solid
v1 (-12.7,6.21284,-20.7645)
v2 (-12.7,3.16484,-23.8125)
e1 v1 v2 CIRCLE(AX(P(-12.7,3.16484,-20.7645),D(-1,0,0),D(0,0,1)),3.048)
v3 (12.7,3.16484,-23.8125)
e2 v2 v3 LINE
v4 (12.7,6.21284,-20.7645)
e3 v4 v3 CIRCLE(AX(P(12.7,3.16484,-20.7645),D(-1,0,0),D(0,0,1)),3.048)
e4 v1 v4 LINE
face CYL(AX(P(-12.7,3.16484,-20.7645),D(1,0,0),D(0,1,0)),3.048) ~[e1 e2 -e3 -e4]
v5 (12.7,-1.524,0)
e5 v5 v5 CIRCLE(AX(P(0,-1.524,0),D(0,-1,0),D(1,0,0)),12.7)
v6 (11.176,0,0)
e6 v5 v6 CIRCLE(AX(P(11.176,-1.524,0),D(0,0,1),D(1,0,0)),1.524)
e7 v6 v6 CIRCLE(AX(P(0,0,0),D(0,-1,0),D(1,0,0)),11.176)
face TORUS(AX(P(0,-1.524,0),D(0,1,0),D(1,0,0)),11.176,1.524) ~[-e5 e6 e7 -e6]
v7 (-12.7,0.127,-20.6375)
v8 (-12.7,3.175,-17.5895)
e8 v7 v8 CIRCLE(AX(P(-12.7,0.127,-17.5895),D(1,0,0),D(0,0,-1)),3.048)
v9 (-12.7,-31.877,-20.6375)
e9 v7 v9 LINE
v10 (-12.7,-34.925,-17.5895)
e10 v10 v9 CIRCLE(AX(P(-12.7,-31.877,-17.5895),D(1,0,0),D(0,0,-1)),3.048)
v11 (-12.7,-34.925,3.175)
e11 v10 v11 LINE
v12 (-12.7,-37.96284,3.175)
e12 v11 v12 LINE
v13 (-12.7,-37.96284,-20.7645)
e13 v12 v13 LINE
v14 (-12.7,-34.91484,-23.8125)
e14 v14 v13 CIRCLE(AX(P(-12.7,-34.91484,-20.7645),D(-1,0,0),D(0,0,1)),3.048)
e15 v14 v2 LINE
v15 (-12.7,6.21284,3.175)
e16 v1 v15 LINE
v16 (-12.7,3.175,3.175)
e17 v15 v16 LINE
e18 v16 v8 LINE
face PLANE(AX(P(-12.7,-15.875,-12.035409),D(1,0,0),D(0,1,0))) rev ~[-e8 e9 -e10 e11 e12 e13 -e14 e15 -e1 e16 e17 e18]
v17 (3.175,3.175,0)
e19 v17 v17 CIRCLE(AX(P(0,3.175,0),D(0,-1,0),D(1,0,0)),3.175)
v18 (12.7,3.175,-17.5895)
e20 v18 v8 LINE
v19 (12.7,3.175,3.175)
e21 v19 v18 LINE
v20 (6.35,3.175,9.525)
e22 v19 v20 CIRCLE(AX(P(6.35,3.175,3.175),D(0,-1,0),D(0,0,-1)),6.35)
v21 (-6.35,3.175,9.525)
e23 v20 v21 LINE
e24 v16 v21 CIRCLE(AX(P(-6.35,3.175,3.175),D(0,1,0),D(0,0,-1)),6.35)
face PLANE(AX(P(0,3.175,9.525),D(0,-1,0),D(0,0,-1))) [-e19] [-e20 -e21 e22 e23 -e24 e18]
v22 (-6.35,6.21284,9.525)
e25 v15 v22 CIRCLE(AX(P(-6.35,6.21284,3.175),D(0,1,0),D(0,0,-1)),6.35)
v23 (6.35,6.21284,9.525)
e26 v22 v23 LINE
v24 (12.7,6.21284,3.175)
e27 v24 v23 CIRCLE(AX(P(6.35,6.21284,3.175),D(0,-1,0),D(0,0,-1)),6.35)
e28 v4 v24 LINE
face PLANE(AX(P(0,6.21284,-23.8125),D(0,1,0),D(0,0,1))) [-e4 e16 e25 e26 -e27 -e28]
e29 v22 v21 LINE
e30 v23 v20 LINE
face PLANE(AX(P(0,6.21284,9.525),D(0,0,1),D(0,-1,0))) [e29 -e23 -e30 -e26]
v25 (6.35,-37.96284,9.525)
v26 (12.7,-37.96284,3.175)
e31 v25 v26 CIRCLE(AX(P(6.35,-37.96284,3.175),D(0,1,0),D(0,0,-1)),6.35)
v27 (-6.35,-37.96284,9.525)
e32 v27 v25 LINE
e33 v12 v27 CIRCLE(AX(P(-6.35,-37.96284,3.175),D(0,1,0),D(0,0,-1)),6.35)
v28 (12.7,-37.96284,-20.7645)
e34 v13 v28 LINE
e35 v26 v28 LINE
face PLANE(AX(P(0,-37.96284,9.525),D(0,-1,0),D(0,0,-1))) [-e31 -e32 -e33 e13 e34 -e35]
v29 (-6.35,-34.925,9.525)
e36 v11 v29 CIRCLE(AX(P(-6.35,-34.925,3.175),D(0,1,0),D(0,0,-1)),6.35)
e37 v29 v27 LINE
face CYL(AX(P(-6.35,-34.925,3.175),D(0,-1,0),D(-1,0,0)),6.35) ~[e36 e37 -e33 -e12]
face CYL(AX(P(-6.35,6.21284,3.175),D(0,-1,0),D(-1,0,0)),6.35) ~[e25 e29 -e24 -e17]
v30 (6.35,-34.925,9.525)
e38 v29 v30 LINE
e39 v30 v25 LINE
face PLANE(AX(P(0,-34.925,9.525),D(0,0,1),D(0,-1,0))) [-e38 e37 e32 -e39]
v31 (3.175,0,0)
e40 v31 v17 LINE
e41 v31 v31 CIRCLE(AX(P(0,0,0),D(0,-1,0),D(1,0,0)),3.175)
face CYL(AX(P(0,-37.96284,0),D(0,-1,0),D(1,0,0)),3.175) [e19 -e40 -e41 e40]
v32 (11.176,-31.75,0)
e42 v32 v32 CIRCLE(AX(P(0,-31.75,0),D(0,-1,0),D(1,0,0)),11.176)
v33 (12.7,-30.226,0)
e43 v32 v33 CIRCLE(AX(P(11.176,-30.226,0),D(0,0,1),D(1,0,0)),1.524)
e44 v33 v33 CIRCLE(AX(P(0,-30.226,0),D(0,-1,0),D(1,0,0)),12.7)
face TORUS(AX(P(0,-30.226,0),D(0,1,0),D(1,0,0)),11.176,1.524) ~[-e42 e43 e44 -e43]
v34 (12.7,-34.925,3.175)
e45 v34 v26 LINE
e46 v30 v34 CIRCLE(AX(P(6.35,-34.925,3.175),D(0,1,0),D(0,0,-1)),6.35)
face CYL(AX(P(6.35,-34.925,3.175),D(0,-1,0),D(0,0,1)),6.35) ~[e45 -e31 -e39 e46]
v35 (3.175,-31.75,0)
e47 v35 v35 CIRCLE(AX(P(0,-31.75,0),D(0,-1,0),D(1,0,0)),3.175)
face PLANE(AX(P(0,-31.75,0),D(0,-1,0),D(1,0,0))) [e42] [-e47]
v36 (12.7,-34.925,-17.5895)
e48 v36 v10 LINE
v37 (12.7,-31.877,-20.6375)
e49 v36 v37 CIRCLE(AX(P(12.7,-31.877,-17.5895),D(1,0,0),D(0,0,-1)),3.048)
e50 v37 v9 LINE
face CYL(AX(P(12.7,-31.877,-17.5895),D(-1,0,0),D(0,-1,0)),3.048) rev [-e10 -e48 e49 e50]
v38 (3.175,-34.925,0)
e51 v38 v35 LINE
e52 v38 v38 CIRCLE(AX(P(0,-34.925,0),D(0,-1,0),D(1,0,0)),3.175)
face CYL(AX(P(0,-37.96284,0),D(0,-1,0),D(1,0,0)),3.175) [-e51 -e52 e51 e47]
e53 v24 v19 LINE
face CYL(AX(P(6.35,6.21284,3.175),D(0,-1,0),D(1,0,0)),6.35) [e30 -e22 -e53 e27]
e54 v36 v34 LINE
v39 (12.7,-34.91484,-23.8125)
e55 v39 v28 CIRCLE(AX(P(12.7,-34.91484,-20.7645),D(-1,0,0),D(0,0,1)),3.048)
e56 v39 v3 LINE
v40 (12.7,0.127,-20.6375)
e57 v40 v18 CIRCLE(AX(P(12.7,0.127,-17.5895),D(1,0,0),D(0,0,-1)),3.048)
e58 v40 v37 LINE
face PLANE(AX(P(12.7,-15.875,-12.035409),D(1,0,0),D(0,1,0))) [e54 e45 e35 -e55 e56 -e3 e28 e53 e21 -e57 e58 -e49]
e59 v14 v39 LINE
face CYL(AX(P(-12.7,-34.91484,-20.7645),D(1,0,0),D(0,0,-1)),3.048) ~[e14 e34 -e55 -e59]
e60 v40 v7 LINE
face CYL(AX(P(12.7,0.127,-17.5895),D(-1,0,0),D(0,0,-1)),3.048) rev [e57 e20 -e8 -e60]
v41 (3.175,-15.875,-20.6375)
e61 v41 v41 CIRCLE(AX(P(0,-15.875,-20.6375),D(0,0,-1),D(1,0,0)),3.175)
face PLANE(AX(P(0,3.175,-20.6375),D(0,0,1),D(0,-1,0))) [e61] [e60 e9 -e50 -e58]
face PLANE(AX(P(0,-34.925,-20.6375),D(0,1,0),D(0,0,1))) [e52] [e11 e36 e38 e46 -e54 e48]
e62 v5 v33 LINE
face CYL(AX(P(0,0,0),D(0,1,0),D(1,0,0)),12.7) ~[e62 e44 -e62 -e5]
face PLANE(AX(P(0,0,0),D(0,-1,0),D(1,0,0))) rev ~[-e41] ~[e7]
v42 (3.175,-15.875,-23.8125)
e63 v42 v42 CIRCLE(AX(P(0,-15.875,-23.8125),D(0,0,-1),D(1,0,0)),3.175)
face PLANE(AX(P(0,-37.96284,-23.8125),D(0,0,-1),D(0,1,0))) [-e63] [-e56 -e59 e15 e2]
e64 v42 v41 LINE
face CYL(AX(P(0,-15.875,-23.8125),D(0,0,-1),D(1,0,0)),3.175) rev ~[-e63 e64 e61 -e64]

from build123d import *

# Parameters (mm, degrees)
F0_R          = 12.7
F0_R_2        = 3.175
F1_DEPTH      = 31.75
F3_DEPTH      = 12.7
F3_DEPTH_BACK = 12.7
F4_R          = 3.048
F5_R          = 6.35
F6_R          = 3.175
F7_DEPTH      = 44.17668
F8_R          = 3.175
F9_DEPTH      = 44.17568
F10_R         = 3.175
F11_DEPTH     = 3.175
F12_R         = 1.524


with BuildPart() as f1:
    # F0 (on Front) → F1 (new body)
    with BuildSketch(Plane.XZ):
        Circle(F0_R)
        Circle(F0_R_2, mode=Mode.SUBTRACT)
    extrude(amount=F1_DEPTH)



with BuildPart() as f3:
    # F2 (on Right) → F3 (new body, two sides)
    with BuildSketch(Plane.YZ) as f3_sk:
        Polygon((-34.925, -20.6375), (-34.925, 9.525), (-37.96284, 9.525), (-37.96284, -23.8125), (6.21284, -23.8125), (6.21284, 9.525), (3.175, 9.525), (3.175, -20.6375), align=None)
    extrude(amount=F3_DEPTH)
    extrude(f3_sk.sketch, amount=-F3_DEPTH_BACK)

    # F4
    f4_edges = [f3.edges().sort_by_distance(p)[0] for p in [
        (0, -37.96284, -23.8125),
        (0, -34.925, -20.6375),
        (0, 3.175, -20.6375),
        (0, 6.21284, -23.8125),
    ]]
    fillet(f4_edges, radius=F4_R)

    # F5
    f5_edges = [f3.edges().sort_by_distance(p)[0] for p in [
        (12.7, -36.44392, 9.525),
        (-12.7, -36.44392, 9.525),
        (-12.7, 4.69392, 9.525),
        (12.7, 4.69392, 9.525),
    ]]
    fillet(f5_edges, radius=F5_R)

    # F6 (on face) → F7 (cut, through all)
    with BuildSketch(Plane.XZ.offset(37.96284)):
        Circle(F6_R)
    extrude(amount=-F7_DEPTH, mode=Mode.SUBTRACT)


with BuildPart() as f1_1:
    add(f1.part)

    add(f3.part)  # F9 merges F3
    # F8 (on face) → F9 (join, through all)
    with BuildSketch(Plane.XZ.offset(37.96284)):
        Circle(F8_R)
    extrude(amount=-F9_DEPTH)

    # F10 (on face) → F11 (cut, through all)
    with BuildSketch(Plane(origin=(0, 0, -23.8125), x_dir=(1, 0, 0), z_dir=(0, 0, -1))):
        with Locations((0, 15.875)):
            Circle(F10_R)
    extrude(amount=-F11_DEPTH, mode=Mode.SUBTRACT)

    # F12
    f12_edges = [f1_1.edges().sort_by_distance(p)[0] for p in [
        (-12.7, -31.75, 0),
        (-12.7, 0, 0),
    ]]
    fillet(f12_edges, radius=F12_R)


solid = f1_1.part
